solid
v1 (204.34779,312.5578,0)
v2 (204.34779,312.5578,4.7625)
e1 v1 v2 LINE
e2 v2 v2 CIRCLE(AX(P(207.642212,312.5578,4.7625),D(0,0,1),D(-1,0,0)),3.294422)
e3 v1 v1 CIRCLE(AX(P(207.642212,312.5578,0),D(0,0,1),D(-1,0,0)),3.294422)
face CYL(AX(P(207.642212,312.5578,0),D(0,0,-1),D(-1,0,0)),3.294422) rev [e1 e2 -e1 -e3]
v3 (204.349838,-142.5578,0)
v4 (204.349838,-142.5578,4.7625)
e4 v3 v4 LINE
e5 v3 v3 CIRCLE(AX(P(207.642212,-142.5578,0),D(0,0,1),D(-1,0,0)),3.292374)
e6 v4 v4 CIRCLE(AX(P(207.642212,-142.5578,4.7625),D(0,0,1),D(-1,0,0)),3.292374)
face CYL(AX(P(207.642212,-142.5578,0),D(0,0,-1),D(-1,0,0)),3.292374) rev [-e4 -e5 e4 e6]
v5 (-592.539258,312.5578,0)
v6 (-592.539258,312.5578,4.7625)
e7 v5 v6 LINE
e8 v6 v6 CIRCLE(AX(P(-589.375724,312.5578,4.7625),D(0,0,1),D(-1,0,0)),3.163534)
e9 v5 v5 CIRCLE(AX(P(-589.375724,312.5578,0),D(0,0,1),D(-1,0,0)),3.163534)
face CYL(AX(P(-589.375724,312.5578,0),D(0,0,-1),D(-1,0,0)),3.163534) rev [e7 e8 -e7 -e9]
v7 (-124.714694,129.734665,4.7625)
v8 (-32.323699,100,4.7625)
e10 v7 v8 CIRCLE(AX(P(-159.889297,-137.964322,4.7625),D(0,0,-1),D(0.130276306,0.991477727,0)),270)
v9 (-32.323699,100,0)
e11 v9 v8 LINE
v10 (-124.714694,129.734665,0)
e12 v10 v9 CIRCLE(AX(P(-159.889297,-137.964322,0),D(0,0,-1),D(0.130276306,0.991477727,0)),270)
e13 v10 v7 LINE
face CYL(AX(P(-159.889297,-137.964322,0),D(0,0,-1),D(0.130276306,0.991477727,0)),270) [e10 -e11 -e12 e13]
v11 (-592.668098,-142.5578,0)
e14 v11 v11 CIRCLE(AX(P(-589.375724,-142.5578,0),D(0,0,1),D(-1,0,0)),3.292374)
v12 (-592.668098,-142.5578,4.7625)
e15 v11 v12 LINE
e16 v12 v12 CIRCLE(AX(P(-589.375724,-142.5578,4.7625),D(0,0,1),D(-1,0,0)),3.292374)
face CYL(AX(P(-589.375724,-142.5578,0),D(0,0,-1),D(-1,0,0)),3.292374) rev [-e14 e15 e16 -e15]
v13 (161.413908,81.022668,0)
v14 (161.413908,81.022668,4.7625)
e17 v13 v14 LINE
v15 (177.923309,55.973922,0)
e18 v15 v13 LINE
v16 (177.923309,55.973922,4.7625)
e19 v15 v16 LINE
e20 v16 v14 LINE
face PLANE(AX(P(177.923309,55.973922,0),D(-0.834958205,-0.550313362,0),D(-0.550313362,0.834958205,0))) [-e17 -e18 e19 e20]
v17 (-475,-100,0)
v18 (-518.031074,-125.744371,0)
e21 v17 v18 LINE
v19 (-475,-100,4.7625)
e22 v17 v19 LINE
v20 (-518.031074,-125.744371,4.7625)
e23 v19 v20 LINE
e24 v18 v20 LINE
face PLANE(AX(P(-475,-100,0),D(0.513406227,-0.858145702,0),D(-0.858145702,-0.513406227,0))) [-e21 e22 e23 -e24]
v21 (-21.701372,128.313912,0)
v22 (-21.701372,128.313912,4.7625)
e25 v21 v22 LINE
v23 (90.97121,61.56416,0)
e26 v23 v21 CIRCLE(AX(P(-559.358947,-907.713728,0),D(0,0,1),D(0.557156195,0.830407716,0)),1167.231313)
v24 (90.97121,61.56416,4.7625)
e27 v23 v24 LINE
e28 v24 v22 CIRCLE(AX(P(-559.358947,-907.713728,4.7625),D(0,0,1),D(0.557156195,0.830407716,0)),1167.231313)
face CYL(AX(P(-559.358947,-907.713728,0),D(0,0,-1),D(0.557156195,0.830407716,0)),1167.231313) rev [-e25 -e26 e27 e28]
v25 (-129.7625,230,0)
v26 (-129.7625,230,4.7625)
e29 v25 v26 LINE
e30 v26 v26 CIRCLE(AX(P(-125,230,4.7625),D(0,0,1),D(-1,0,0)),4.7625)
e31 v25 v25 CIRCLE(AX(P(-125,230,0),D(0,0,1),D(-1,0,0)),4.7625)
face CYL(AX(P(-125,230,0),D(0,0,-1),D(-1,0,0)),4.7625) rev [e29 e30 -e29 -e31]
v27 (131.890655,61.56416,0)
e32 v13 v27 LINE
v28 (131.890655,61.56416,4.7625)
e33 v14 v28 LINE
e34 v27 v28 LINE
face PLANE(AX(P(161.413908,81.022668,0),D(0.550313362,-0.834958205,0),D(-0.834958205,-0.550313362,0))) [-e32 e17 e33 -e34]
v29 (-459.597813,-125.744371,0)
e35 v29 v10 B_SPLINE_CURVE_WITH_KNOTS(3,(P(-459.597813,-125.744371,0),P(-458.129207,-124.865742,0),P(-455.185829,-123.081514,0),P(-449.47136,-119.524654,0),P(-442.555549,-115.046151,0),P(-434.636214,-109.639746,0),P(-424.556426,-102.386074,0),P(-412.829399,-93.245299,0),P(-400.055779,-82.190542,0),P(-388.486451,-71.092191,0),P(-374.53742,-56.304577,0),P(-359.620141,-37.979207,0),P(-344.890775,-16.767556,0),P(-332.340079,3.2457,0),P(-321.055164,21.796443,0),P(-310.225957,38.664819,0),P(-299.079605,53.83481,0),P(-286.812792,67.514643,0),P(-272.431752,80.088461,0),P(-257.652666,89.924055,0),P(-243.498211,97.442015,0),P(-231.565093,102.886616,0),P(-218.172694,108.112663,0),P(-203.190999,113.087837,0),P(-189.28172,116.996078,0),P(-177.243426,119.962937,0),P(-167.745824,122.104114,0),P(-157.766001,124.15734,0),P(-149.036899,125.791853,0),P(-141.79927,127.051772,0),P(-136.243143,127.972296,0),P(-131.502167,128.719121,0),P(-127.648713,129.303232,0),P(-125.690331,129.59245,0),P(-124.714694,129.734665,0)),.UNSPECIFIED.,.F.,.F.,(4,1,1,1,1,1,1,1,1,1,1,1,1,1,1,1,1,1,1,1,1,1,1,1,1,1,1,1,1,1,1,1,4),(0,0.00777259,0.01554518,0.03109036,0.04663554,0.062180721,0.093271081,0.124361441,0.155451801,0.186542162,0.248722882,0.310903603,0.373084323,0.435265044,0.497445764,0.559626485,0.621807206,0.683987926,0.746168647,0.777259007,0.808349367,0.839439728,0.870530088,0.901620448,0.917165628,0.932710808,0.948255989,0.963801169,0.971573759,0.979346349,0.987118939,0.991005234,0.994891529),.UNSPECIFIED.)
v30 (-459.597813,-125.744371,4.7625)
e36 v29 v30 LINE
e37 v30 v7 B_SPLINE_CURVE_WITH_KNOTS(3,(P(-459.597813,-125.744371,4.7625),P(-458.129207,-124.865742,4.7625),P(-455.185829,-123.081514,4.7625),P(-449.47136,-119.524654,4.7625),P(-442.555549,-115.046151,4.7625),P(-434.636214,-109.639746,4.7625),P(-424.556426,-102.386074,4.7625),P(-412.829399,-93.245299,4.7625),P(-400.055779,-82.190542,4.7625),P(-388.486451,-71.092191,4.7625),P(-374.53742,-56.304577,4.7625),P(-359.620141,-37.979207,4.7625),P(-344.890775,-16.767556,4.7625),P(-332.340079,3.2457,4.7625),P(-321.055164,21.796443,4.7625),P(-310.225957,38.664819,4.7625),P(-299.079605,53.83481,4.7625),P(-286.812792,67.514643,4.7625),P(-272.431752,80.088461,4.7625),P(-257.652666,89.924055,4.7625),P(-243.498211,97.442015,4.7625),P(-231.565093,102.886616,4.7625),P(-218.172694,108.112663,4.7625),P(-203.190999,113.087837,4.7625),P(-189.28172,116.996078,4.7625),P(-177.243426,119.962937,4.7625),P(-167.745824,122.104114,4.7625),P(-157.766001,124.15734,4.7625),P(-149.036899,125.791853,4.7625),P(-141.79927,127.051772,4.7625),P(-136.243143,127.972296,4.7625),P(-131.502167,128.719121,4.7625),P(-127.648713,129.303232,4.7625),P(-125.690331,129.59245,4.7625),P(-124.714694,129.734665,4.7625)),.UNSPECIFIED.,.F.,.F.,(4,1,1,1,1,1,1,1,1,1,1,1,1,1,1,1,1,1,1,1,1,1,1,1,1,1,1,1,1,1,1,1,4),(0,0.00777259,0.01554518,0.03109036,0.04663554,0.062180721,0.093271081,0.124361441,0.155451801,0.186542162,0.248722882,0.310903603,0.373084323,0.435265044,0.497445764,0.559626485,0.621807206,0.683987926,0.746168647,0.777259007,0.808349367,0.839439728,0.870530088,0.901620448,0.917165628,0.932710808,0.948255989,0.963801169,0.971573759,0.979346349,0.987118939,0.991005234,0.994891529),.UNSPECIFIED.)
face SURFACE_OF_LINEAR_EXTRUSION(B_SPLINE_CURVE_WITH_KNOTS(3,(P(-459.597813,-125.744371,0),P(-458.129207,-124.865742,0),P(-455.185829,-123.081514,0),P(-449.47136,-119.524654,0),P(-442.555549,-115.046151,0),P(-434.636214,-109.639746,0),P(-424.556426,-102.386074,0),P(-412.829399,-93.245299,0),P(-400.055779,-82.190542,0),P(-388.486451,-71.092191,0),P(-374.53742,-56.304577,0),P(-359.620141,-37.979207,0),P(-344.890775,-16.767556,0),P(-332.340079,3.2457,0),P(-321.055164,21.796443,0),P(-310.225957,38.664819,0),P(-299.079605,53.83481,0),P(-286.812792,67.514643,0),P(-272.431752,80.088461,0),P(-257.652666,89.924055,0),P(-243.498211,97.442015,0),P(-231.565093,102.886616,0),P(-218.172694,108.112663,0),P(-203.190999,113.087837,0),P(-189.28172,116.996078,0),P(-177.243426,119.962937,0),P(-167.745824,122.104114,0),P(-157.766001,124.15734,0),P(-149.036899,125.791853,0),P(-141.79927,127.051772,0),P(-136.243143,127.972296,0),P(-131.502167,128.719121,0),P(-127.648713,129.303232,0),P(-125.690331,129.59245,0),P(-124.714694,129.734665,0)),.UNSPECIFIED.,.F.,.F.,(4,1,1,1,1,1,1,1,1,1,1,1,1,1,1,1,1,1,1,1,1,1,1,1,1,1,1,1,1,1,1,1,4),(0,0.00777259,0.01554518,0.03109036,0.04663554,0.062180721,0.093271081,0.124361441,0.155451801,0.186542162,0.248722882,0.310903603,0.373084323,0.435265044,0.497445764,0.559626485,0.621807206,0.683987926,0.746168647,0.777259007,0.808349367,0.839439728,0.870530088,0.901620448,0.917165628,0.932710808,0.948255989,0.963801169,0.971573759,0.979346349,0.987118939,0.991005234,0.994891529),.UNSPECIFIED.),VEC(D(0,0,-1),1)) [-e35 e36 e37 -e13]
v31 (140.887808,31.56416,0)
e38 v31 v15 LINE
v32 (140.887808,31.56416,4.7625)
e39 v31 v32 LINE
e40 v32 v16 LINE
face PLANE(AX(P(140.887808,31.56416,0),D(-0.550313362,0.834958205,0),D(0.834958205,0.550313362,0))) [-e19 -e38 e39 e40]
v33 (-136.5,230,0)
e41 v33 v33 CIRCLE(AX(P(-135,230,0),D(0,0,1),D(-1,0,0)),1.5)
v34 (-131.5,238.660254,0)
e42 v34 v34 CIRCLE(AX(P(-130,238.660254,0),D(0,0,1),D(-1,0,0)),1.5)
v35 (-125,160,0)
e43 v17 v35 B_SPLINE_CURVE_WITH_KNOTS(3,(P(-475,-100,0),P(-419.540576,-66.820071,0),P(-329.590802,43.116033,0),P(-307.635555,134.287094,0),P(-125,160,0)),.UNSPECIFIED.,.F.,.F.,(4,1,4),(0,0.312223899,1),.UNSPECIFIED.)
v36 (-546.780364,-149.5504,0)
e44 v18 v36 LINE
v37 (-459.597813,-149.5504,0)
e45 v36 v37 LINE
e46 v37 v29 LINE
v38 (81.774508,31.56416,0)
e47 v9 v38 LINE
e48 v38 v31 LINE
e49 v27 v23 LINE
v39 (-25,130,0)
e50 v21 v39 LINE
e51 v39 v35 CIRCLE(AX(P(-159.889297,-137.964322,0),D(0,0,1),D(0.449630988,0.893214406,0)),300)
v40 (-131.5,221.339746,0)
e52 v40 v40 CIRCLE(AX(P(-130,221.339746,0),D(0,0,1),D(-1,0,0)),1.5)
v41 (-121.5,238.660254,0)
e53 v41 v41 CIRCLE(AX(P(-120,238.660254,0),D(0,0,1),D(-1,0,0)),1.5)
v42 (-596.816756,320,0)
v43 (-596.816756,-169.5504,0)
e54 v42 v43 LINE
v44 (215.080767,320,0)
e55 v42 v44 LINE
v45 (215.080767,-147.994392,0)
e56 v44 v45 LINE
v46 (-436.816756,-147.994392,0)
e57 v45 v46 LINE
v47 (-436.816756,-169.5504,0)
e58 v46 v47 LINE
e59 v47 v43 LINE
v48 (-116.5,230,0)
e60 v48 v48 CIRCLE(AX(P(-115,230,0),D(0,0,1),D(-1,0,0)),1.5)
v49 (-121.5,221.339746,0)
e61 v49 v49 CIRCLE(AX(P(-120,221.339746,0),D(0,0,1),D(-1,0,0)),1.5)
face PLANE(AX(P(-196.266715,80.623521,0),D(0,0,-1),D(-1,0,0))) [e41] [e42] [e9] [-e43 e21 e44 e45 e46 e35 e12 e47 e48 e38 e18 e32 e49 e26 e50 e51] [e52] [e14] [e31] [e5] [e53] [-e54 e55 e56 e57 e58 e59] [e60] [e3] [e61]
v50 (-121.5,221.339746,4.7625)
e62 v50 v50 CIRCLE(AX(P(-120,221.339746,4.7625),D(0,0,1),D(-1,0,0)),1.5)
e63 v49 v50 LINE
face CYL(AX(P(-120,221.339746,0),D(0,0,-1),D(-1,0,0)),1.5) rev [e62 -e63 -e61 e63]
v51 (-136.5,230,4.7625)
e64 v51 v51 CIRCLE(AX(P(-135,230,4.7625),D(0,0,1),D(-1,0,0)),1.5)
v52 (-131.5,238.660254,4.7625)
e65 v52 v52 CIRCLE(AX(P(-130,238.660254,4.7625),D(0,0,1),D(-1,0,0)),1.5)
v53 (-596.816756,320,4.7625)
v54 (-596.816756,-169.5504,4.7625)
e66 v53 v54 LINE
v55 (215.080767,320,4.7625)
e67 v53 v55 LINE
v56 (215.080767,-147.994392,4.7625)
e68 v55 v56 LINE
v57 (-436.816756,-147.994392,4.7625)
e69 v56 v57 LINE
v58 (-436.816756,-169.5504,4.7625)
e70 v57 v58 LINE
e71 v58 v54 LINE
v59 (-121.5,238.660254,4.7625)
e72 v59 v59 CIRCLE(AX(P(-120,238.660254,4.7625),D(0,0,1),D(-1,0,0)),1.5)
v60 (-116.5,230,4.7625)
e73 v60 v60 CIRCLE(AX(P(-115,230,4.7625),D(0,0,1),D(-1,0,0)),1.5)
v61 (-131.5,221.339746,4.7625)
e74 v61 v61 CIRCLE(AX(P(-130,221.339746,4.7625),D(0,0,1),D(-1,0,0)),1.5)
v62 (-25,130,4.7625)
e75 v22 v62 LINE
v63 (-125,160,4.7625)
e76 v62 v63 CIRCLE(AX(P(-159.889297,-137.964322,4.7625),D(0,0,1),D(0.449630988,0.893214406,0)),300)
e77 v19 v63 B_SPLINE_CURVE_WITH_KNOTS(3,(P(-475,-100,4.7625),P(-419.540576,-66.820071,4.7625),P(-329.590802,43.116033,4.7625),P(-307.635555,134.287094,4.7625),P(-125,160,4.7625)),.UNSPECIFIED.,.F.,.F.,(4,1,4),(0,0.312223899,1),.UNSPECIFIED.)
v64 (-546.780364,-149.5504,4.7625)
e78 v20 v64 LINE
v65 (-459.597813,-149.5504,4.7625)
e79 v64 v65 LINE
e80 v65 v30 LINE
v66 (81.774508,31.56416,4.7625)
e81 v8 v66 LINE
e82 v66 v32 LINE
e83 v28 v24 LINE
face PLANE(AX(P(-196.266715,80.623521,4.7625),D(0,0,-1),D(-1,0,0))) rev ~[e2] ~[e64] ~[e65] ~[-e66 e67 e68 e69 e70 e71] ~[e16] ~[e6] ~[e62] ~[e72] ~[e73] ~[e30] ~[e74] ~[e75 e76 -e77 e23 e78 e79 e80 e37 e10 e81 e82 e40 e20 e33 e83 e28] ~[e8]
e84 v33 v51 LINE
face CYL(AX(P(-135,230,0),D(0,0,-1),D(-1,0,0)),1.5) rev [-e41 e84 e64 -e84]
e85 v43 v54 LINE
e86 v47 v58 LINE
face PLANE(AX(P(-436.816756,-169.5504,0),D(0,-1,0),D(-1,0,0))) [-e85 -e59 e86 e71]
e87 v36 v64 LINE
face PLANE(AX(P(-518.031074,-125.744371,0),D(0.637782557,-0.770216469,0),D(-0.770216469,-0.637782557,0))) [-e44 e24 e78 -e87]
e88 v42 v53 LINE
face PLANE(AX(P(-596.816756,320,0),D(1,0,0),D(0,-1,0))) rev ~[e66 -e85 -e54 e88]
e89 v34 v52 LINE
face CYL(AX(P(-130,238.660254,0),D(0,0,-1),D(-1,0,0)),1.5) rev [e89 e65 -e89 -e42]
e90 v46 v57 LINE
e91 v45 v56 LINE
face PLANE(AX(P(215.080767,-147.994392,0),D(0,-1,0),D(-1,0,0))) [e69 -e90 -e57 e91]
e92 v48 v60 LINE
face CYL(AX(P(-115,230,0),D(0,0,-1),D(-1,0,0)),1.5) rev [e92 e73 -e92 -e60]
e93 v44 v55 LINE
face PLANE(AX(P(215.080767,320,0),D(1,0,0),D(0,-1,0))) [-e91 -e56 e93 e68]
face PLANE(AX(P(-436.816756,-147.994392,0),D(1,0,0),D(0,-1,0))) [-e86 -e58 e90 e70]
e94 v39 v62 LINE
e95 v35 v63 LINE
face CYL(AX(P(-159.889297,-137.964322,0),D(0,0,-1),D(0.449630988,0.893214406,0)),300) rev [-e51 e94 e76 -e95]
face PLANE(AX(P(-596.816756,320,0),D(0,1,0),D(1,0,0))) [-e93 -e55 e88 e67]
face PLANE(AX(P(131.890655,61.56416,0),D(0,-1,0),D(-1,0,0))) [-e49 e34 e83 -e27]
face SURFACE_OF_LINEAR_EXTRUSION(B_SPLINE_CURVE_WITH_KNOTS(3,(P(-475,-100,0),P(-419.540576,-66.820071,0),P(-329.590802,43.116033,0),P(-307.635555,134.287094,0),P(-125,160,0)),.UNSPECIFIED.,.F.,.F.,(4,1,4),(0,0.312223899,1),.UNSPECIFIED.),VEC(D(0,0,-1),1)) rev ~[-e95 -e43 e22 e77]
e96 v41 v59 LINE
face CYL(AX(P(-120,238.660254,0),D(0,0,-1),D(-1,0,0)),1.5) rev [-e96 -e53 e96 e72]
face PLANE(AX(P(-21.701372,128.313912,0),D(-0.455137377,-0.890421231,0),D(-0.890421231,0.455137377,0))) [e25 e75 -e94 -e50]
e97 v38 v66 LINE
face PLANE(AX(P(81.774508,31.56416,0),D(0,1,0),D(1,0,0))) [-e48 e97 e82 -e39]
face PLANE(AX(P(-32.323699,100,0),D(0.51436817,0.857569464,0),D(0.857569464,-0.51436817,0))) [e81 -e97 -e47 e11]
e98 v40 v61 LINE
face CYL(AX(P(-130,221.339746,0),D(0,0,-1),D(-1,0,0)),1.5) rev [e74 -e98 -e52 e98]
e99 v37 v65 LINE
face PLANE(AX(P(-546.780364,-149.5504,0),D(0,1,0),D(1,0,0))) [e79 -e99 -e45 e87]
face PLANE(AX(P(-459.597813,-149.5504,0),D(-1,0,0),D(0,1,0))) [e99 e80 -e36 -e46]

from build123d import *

# Parameters (mm, degrees)
SKETCH1_R           = 3.292374312
SKETCH1_R_2         = 3.294421934
SKETCH1_R_3         = 3.163533699
SKETCH1_R_4         = 1.5
SKETCH1_R_5         = 4.7625
BOSS_EXTRUDE1_DEPTH = 4.7625


with BuildPart() as part:
    # Sketch1 → Boss-Extrude1 (new body)
    with BuildSketch(Plane.XY):
        Polygon((-436.816755826, -147.994392447), (-436.816755826, -169.55039994), (-596.816755826, -169.55039994), (-596.816755826, -150), (-596.816755826, 320), (215.080766979, 320), (215.080766979, -147.994392447), align=None)
        with Locations(Location((-589.375723826, -142.5578, 0), (0, 0, 180))):
            Circle(SKETCH1_R, mode=Mode.SUBTRACT)
        with Locations(Location((207.642212326, -142.5578, 0), (0, 0, 180))):
            Circle(SKETCH1_R, mode=Mode.SUBTRACT)
        with Locations(Location((207.642212326, 312.5578, 0), (0, 0, 180))):
            Circle(SKETCH1_R_2, mode=Mode.SUBTRACT)
        with Locations(Location((-589.375723826, 312.5578, 0), (0, 0, 180))):
            Circle(SKETCH1_R_3, mode=Mode.SUBTRACT)
        with Locations(Location((-135, 230, 0), (0, 0, 180))):
            Circle(SKETCH1_R_4, mode=Mode.SUBTRACT)
        with Locations(Location((-130, 238.660254038, 0), (0, 0, 180))):
            Circle(SKETCH1_R_4, mode=Mode.SUBTRACT)
        with Locations(Location((-120, 238.660254038, 0), (0, 0, 180))):
            Circle(SKETCH1_R_4, mode=Mode.SUBTRACT)
        with Locations(Location((-115, 230, 0), (0, 0, 180))):
            Circle(SKETCH1_R_4, mode=Mode.SUBTRACT)
        with Locations(Location((-120, 221.339745962, 0), (0, 0, 180))):
            Circle(SKETCH1_R_4, mode=Mode.SUBTRACT)
        with Locations(Location((-130, 221.339745962, 0), (0, 0, 180))):
            Circle(SKETCH1_R_4, mode=Mode.SUBTRACT)
        with Locations(Location((-125, 230, 0), (0, 0, 180))):
            Circle(SKETCH1_R_5, mode=Mode.SUBTRACT)
        with BuildLine():
            Line((-475, -100), (-518.031074044, -125.74437106))
            Line((-518.031074044, -125.74437106), (-546.780363752, -149.55039994))
            Line((-546.780363752, -149.55039994), (-459.597813184, -149.55039994))
            Line((-459.597813184, -149.55039994), (-459.597813184, -125.74437106))
            add(Edge.make_bspline(
                [(-459.597813184, -125.74437106), (-458.129207209, -124.865742348), (-455.185829054, -123.081513508), (-449.471359557, -119.524654219), (-442.555549408, -115.046151368), (-434.636214281, -109.639746192), (-424.556425744, -102.386073958), (-412.829398694, -93.24529863), (-400.055778993, -82.1905419), (-388.486450966, -71.092190732), (-374.537420018, -56.304576734), (-359.620141336, -37.979207276), (-344.890774823, -16.767556206), (-332.340078528, 3.245699555), (-321.055163892, 21.796443272), (-310.225956981, 38.664819129), (-299.079604806, 53.834809894), (-286.812791685, 67.514642691), (-272.431751915, 80.088460877), (-257.652665703, 89.924055398), (-243.498210685, 97.442015492), (-231.565093385, 102.886615769), (-218.172694067, 108.112662921), (-203.190999217, 113.087836875), (-189.281720356, 116.996077726), (-177.243425929, 119.962936855), (-167.745823902, 122.104113686), (-157.766000623, 124.157339904), (-149.036898589, 125.791853127), (-141.799270328, 127.051772068), (-136.243143266, 127.972296195), (-131.502167372, 128.719120718), (-127.648712651, 129.303231945), (-125.690331117, 129.592450023), (-124.714693771, 129.734664734)],
                knots=[0, 0, 0, 0, 0.00777259, 0.01554518, 0.03109036, 0.04663554, 0.062180721, 0.093271081, 0.124361441, 0.155451801, 0.186542162, 0.248722882, 0.310903603, 0.373084323, 0.435265044, 0.497445764, 0.559626485, 0.621807206, 0.683987926, 0.746168647, 0.777259007, 0.808349367, 0.839439728, 0.870530088, 0.901620448, 0.917165628, 0.932710808, 0.948255989, 0.963801169, 0.971573759, 0.979346349, 0.987118939, 0.991005234, 0.994891529, 0.994891529, 0.994891529, 0.994891529], degree=3))
            ThreePointArc((-124.714693771, 129.734664734), (-77.172123272, 119.052933104), (-32.323699215, 100))
            Line((-32.323699215, 100), (81.77450832, 31.56416045))
            Line((81.77450832, 31.56416045), (140.88780849, 31.56416045))
            Line((140.88780849, 31.56416045), (177.923308763, 55.973921994))
            Line((177.923308763, 55.973921994), (161.413907899, 81.022668132))
            Line((161.413907899, 81.022668132), (131.890654865, 61.56416045))
            Line((131.890654865, 61.56416045), (90.97120992, 61.56416045))
            ThreePointArc((90.97120992, 61.56416045), (35.57180112, 96.520479224), (-21.701372103, 128.313911667))
            Line((-21.701372103, 128.313911667), (-25, 130))
            ThreePointArc((-25, 130), (-73.684930832, 149.383563894), (-125, 160))
            add(Edge.make_bspline(
                [(-475, -100), (-419.540575809, -66.820070684), (-329.590802121, 43.11603253), (-307.635554762, 134.287094016), (-125, 160)],
                knots=[0, 0, 0, 0, 0.312223899, 1, 1, 1, 1], degree=3))
        make_face(mode=Mode.SUBTRACT)
    extrude(amount=BOSS_EXTRUDE1_DEPTH)


solid = part.part
